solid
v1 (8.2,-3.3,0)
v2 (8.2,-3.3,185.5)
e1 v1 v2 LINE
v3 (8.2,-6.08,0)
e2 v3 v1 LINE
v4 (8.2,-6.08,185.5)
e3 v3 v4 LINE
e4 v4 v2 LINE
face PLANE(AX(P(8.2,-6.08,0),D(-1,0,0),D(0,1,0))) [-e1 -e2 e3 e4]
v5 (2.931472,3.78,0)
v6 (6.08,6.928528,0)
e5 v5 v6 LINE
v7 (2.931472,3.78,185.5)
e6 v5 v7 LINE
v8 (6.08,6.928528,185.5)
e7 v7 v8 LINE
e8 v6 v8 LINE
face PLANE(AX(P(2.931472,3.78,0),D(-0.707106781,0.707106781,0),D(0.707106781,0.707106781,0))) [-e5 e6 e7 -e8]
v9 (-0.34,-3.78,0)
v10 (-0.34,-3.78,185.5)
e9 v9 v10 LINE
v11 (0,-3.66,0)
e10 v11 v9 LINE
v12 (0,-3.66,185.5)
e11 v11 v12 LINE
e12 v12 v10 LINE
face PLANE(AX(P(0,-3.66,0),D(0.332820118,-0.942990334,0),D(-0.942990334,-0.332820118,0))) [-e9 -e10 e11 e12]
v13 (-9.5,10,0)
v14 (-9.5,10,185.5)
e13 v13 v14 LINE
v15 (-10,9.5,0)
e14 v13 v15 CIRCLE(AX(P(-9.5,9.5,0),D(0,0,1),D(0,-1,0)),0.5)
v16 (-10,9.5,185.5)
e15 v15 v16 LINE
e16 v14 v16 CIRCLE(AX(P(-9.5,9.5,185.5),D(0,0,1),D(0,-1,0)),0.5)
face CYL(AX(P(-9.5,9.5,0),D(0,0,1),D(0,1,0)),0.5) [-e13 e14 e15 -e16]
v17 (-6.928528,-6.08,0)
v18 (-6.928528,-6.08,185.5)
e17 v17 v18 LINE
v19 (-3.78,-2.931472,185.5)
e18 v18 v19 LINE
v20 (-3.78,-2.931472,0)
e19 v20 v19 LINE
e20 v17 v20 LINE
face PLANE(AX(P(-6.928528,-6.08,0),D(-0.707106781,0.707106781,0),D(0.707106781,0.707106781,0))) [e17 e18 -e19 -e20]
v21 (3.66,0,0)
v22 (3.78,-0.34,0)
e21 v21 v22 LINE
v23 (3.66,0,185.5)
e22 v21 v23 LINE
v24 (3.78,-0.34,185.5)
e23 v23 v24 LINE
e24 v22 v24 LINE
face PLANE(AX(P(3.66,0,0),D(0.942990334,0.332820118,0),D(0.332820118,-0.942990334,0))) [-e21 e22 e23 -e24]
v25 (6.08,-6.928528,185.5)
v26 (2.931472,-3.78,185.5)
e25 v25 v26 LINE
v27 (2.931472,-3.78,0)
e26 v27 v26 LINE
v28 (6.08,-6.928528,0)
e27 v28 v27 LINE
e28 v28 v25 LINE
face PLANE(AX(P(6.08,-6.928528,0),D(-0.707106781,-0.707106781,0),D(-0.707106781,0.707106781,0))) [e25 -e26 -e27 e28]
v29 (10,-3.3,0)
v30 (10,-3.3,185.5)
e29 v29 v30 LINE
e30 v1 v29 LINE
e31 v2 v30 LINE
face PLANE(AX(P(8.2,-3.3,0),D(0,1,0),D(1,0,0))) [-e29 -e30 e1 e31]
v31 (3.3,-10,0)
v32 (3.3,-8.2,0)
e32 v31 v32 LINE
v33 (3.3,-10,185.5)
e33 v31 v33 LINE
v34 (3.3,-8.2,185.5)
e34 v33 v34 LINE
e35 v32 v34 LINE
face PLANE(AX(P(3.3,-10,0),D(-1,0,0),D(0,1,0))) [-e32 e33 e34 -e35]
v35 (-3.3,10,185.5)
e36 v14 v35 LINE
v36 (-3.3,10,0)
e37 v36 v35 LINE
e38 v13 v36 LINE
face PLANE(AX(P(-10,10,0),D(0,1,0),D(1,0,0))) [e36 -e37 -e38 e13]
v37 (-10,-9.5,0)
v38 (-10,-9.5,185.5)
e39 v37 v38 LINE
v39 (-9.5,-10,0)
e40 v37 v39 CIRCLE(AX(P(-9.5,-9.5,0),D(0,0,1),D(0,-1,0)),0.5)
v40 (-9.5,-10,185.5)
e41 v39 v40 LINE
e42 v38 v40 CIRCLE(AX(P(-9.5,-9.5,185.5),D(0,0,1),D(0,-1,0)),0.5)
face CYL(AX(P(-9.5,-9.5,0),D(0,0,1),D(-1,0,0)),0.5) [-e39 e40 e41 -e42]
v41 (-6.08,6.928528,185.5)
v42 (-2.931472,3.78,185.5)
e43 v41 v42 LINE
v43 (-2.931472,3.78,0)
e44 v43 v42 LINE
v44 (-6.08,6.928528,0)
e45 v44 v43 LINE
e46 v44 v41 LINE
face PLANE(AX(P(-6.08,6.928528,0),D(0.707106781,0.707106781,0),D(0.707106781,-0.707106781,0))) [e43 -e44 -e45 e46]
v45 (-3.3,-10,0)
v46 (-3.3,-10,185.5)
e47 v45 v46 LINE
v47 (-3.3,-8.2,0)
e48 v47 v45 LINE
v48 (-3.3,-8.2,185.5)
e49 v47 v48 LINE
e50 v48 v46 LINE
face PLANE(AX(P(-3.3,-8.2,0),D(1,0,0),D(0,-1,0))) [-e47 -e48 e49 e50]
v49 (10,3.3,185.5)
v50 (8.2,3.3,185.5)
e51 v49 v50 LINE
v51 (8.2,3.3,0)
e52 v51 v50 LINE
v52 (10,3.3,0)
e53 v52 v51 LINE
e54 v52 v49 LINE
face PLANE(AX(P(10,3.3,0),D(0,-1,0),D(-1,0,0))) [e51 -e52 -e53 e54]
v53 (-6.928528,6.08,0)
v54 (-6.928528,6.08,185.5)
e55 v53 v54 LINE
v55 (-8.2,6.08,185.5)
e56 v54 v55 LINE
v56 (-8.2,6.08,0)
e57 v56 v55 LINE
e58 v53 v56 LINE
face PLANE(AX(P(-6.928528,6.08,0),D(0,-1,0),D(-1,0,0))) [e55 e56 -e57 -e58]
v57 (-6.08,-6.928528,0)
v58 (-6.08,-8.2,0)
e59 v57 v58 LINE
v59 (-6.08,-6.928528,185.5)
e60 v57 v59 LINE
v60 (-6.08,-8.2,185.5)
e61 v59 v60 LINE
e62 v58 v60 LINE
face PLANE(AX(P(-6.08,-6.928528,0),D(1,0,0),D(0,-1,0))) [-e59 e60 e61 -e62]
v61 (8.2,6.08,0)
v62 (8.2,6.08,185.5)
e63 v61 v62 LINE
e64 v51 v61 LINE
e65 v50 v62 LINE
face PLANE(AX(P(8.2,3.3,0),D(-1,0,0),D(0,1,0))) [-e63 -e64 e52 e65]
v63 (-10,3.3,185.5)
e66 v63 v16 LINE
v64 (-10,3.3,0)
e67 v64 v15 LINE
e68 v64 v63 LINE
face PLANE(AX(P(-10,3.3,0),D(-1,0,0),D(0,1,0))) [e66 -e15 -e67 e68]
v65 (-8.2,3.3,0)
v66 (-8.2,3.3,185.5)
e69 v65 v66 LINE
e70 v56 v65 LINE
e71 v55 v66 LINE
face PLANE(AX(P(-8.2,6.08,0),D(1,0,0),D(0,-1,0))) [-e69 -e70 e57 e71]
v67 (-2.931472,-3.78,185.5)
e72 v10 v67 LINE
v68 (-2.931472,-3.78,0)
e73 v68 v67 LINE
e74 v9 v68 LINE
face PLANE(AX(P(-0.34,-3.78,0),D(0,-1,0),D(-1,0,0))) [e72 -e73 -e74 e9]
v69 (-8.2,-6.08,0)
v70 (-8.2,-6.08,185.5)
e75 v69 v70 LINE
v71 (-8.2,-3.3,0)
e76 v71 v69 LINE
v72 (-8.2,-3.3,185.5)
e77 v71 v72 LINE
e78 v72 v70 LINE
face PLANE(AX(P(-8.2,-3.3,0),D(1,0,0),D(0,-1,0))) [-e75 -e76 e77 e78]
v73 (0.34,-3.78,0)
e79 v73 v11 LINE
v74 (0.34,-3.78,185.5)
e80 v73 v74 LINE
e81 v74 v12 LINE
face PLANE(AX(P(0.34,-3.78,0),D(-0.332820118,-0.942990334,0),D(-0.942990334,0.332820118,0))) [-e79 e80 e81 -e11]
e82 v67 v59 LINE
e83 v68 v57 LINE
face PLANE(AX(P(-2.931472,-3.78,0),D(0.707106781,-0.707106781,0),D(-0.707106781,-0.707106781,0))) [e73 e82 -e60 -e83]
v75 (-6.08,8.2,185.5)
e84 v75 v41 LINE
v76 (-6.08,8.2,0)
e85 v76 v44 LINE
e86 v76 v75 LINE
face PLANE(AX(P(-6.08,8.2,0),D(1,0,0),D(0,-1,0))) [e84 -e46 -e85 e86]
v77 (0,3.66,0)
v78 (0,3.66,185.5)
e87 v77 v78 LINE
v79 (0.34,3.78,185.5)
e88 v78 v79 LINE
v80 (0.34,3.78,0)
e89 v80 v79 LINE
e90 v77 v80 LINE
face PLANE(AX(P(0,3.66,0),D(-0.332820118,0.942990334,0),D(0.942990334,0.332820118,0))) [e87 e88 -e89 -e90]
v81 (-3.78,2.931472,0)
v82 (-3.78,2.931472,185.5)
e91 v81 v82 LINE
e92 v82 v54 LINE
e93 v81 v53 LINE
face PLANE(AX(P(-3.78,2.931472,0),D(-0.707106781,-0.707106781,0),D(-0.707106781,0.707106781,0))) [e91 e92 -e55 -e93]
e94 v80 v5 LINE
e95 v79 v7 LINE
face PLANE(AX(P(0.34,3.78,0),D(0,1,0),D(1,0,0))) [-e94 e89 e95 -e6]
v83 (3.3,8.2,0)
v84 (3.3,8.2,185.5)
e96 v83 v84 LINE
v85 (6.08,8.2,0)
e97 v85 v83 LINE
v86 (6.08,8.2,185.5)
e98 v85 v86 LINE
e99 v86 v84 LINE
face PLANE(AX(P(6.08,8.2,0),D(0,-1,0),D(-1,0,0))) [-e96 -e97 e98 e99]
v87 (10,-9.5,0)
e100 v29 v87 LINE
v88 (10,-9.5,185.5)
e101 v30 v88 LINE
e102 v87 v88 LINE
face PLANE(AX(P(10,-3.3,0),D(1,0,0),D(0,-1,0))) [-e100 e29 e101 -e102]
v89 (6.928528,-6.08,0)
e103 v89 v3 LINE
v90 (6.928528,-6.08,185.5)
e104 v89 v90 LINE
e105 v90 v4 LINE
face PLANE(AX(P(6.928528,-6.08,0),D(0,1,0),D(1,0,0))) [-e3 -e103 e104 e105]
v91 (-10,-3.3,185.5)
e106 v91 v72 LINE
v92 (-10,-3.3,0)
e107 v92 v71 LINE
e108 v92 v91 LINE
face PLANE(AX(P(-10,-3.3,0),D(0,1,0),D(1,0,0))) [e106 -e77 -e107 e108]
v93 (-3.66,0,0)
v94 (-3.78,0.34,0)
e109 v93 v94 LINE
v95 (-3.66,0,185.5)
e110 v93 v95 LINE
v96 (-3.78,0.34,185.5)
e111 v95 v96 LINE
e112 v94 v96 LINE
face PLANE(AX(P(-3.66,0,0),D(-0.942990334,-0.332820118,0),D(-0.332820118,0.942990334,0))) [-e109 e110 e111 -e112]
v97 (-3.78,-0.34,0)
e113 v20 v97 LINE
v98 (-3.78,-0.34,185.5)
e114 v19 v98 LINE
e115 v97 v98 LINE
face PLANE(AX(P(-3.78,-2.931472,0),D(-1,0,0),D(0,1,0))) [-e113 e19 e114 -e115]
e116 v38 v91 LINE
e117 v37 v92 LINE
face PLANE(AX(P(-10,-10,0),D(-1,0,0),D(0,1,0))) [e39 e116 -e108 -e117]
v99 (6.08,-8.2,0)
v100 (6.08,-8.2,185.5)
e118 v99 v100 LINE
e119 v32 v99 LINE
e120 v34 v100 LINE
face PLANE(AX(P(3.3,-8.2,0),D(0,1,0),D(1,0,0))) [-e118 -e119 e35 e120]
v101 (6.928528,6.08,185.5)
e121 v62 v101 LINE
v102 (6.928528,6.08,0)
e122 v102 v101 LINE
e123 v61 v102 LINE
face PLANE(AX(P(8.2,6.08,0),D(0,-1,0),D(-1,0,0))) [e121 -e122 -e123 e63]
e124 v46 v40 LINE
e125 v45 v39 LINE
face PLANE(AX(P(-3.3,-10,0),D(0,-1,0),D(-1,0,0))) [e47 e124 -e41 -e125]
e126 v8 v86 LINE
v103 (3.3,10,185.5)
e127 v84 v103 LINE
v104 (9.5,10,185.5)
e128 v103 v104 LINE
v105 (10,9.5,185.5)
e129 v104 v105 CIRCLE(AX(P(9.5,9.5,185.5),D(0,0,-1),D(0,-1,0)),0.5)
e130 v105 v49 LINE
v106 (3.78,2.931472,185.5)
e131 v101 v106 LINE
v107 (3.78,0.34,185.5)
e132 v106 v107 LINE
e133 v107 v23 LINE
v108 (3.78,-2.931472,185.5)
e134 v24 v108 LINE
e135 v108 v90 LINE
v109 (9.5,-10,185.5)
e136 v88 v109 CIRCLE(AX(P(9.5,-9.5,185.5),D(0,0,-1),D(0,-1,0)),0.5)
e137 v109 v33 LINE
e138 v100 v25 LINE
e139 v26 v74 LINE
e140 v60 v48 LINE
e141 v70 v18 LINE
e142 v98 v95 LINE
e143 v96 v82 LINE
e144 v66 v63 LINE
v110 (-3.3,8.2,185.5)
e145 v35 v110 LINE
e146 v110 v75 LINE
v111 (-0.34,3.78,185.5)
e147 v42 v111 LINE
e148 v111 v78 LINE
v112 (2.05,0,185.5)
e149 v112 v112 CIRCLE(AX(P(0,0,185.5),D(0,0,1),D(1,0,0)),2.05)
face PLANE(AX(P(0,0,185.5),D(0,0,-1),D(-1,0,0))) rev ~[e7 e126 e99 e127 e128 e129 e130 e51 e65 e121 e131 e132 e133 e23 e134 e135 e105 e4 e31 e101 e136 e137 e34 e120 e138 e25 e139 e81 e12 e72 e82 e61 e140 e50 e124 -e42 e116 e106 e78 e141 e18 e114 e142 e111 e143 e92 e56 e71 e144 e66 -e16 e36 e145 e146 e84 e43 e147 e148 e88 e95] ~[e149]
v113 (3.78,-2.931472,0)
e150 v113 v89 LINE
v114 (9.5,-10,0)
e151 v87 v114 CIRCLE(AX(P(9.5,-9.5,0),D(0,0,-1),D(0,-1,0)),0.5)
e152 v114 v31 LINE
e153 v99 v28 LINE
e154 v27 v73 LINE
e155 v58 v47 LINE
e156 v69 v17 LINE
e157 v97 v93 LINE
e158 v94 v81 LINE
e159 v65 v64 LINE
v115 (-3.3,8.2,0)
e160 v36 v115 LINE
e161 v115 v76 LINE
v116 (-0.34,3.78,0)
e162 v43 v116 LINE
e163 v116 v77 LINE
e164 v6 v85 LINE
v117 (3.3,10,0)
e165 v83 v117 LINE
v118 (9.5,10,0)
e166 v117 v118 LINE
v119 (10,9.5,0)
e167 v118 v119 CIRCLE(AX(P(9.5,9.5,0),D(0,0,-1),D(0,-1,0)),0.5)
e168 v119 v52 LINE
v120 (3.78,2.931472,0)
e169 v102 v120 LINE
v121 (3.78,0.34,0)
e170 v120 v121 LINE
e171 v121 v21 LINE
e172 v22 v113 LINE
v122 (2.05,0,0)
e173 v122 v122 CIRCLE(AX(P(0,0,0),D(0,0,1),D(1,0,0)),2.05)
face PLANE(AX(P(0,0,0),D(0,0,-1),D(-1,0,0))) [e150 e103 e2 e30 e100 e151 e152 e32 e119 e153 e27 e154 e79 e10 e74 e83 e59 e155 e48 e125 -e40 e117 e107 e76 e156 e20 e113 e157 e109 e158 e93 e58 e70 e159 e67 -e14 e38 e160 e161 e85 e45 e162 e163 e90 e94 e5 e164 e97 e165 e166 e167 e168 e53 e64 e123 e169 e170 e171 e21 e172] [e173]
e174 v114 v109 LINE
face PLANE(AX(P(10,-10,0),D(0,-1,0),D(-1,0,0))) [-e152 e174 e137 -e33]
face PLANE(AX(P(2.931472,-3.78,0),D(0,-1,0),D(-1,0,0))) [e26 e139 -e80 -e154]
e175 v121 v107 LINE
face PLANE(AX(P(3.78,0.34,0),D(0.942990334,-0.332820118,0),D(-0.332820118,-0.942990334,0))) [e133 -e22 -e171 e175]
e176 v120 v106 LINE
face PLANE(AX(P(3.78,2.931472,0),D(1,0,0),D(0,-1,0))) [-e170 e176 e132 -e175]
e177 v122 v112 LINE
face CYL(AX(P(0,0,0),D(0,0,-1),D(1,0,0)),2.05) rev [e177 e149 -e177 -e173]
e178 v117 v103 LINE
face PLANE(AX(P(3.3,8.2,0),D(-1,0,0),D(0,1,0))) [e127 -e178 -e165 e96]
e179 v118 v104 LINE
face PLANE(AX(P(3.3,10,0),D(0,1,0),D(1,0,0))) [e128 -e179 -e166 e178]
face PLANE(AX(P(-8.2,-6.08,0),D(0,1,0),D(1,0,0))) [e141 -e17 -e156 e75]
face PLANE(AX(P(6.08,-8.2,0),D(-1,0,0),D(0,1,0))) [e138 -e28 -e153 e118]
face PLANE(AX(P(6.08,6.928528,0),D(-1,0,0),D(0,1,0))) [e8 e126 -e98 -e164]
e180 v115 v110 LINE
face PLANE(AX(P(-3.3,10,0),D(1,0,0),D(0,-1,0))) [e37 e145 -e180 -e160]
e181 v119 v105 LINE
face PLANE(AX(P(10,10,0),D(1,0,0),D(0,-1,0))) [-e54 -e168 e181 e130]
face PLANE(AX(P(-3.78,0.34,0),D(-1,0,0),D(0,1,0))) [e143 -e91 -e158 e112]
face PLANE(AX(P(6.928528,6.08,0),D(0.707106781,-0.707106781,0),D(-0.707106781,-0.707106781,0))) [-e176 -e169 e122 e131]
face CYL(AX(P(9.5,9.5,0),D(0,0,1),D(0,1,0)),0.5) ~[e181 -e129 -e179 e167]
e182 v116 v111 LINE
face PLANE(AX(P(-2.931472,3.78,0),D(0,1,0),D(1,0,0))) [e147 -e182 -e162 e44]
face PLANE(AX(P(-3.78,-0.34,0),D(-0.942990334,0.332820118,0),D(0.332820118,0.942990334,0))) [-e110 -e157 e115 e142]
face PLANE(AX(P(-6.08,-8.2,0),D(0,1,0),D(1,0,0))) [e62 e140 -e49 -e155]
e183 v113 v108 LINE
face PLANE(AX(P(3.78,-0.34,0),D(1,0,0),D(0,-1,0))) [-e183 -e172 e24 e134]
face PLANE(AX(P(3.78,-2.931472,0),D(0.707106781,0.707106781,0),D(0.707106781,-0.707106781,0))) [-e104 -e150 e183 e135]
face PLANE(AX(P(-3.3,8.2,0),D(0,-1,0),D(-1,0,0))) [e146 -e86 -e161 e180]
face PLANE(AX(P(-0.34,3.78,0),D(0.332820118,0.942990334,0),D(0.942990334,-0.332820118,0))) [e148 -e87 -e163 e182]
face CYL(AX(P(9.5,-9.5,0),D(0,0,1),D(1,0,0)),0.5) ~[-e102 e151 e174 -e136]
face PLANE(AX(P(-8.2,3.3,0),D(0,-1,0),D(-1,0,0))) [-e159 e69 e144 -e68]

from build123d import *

# Parameters (mm, degrees)
SKETCH1_R           = 2.05
BOSS_EXTRUDE1_DEPTH = 185.5
FILLET1_R           = 0.5


with BuildPart() as part:
    # Sketch1 → Boss-Extrude1 (new body)
    with BuildSketch(Plane.XY):
        Polygon((-3.3, 10), (-3.3, 8.2), (-6.08, 8.2), (-6.08, 6.928528137), (-2.931471863, 3.78), (-0.34, 3.78), (0, 3.66), (0.34, 3.78), (2.931471863, 3.78), (6.08, 6.928528137), (6.08, 8.2), (3.3, 8.2), (3.3, 10), (10, 10), (10, 3.3), (8.2, 3.3), (8.2, 6.08), (6.928528137, 6.08), (3.78, 2.931471863), (3.78, 0.34), (3.66, 0), (3.78, -0.34), (3.78, -2.931471863), (6.928528137, -6.08), (8.2, -6.08), (8.2, -3.3), (10, -3.3), (10, -10), (3.3, -10), (3.3, -8.2), (6.08, -8.2), (6.08, -6.928528137), (2.931471863, -3.78), (0.34, -3.78), (0, -3.66), (-0.34, -3.78), (-2.931471863, -3.78), (-6.08, -6.928528137), (-6.08, -8.2), (-3.3, -8.2), (-3.3, -10), (-10, -10), (-10, -3.3), (-8.2, -3.3), (-8.2, -6.08), (-6.928528137, -6.08), (-3.78, -2.931471863), (-3.78, -0.34), (-3.66, 0), (-3.78, 0.34), (-3.78, 2.931471863), (-6.928528137, 6.08), (-8.2, 6.08), (-8.2, 3.3), (-10, 3.3), (-10, 10), align=None)
        Circle(SKETCH1_R, mode=Mode.SUBTRACT)
    extrude(amount=BOSS_EXTRUDE1_DEPTH)

    # Fillet1
    fillet1_edges = [part.edges().sort_by_distance(p)[0] for p in [
        (10, 10, 92.75),
        (10, -10, 92.75),
        (-10, -10, 92.75),
        (-10, 10, 92.75),
    ]]
    fillet(fillet1_edges, radius=FILLET1_R)


solid = part.part
